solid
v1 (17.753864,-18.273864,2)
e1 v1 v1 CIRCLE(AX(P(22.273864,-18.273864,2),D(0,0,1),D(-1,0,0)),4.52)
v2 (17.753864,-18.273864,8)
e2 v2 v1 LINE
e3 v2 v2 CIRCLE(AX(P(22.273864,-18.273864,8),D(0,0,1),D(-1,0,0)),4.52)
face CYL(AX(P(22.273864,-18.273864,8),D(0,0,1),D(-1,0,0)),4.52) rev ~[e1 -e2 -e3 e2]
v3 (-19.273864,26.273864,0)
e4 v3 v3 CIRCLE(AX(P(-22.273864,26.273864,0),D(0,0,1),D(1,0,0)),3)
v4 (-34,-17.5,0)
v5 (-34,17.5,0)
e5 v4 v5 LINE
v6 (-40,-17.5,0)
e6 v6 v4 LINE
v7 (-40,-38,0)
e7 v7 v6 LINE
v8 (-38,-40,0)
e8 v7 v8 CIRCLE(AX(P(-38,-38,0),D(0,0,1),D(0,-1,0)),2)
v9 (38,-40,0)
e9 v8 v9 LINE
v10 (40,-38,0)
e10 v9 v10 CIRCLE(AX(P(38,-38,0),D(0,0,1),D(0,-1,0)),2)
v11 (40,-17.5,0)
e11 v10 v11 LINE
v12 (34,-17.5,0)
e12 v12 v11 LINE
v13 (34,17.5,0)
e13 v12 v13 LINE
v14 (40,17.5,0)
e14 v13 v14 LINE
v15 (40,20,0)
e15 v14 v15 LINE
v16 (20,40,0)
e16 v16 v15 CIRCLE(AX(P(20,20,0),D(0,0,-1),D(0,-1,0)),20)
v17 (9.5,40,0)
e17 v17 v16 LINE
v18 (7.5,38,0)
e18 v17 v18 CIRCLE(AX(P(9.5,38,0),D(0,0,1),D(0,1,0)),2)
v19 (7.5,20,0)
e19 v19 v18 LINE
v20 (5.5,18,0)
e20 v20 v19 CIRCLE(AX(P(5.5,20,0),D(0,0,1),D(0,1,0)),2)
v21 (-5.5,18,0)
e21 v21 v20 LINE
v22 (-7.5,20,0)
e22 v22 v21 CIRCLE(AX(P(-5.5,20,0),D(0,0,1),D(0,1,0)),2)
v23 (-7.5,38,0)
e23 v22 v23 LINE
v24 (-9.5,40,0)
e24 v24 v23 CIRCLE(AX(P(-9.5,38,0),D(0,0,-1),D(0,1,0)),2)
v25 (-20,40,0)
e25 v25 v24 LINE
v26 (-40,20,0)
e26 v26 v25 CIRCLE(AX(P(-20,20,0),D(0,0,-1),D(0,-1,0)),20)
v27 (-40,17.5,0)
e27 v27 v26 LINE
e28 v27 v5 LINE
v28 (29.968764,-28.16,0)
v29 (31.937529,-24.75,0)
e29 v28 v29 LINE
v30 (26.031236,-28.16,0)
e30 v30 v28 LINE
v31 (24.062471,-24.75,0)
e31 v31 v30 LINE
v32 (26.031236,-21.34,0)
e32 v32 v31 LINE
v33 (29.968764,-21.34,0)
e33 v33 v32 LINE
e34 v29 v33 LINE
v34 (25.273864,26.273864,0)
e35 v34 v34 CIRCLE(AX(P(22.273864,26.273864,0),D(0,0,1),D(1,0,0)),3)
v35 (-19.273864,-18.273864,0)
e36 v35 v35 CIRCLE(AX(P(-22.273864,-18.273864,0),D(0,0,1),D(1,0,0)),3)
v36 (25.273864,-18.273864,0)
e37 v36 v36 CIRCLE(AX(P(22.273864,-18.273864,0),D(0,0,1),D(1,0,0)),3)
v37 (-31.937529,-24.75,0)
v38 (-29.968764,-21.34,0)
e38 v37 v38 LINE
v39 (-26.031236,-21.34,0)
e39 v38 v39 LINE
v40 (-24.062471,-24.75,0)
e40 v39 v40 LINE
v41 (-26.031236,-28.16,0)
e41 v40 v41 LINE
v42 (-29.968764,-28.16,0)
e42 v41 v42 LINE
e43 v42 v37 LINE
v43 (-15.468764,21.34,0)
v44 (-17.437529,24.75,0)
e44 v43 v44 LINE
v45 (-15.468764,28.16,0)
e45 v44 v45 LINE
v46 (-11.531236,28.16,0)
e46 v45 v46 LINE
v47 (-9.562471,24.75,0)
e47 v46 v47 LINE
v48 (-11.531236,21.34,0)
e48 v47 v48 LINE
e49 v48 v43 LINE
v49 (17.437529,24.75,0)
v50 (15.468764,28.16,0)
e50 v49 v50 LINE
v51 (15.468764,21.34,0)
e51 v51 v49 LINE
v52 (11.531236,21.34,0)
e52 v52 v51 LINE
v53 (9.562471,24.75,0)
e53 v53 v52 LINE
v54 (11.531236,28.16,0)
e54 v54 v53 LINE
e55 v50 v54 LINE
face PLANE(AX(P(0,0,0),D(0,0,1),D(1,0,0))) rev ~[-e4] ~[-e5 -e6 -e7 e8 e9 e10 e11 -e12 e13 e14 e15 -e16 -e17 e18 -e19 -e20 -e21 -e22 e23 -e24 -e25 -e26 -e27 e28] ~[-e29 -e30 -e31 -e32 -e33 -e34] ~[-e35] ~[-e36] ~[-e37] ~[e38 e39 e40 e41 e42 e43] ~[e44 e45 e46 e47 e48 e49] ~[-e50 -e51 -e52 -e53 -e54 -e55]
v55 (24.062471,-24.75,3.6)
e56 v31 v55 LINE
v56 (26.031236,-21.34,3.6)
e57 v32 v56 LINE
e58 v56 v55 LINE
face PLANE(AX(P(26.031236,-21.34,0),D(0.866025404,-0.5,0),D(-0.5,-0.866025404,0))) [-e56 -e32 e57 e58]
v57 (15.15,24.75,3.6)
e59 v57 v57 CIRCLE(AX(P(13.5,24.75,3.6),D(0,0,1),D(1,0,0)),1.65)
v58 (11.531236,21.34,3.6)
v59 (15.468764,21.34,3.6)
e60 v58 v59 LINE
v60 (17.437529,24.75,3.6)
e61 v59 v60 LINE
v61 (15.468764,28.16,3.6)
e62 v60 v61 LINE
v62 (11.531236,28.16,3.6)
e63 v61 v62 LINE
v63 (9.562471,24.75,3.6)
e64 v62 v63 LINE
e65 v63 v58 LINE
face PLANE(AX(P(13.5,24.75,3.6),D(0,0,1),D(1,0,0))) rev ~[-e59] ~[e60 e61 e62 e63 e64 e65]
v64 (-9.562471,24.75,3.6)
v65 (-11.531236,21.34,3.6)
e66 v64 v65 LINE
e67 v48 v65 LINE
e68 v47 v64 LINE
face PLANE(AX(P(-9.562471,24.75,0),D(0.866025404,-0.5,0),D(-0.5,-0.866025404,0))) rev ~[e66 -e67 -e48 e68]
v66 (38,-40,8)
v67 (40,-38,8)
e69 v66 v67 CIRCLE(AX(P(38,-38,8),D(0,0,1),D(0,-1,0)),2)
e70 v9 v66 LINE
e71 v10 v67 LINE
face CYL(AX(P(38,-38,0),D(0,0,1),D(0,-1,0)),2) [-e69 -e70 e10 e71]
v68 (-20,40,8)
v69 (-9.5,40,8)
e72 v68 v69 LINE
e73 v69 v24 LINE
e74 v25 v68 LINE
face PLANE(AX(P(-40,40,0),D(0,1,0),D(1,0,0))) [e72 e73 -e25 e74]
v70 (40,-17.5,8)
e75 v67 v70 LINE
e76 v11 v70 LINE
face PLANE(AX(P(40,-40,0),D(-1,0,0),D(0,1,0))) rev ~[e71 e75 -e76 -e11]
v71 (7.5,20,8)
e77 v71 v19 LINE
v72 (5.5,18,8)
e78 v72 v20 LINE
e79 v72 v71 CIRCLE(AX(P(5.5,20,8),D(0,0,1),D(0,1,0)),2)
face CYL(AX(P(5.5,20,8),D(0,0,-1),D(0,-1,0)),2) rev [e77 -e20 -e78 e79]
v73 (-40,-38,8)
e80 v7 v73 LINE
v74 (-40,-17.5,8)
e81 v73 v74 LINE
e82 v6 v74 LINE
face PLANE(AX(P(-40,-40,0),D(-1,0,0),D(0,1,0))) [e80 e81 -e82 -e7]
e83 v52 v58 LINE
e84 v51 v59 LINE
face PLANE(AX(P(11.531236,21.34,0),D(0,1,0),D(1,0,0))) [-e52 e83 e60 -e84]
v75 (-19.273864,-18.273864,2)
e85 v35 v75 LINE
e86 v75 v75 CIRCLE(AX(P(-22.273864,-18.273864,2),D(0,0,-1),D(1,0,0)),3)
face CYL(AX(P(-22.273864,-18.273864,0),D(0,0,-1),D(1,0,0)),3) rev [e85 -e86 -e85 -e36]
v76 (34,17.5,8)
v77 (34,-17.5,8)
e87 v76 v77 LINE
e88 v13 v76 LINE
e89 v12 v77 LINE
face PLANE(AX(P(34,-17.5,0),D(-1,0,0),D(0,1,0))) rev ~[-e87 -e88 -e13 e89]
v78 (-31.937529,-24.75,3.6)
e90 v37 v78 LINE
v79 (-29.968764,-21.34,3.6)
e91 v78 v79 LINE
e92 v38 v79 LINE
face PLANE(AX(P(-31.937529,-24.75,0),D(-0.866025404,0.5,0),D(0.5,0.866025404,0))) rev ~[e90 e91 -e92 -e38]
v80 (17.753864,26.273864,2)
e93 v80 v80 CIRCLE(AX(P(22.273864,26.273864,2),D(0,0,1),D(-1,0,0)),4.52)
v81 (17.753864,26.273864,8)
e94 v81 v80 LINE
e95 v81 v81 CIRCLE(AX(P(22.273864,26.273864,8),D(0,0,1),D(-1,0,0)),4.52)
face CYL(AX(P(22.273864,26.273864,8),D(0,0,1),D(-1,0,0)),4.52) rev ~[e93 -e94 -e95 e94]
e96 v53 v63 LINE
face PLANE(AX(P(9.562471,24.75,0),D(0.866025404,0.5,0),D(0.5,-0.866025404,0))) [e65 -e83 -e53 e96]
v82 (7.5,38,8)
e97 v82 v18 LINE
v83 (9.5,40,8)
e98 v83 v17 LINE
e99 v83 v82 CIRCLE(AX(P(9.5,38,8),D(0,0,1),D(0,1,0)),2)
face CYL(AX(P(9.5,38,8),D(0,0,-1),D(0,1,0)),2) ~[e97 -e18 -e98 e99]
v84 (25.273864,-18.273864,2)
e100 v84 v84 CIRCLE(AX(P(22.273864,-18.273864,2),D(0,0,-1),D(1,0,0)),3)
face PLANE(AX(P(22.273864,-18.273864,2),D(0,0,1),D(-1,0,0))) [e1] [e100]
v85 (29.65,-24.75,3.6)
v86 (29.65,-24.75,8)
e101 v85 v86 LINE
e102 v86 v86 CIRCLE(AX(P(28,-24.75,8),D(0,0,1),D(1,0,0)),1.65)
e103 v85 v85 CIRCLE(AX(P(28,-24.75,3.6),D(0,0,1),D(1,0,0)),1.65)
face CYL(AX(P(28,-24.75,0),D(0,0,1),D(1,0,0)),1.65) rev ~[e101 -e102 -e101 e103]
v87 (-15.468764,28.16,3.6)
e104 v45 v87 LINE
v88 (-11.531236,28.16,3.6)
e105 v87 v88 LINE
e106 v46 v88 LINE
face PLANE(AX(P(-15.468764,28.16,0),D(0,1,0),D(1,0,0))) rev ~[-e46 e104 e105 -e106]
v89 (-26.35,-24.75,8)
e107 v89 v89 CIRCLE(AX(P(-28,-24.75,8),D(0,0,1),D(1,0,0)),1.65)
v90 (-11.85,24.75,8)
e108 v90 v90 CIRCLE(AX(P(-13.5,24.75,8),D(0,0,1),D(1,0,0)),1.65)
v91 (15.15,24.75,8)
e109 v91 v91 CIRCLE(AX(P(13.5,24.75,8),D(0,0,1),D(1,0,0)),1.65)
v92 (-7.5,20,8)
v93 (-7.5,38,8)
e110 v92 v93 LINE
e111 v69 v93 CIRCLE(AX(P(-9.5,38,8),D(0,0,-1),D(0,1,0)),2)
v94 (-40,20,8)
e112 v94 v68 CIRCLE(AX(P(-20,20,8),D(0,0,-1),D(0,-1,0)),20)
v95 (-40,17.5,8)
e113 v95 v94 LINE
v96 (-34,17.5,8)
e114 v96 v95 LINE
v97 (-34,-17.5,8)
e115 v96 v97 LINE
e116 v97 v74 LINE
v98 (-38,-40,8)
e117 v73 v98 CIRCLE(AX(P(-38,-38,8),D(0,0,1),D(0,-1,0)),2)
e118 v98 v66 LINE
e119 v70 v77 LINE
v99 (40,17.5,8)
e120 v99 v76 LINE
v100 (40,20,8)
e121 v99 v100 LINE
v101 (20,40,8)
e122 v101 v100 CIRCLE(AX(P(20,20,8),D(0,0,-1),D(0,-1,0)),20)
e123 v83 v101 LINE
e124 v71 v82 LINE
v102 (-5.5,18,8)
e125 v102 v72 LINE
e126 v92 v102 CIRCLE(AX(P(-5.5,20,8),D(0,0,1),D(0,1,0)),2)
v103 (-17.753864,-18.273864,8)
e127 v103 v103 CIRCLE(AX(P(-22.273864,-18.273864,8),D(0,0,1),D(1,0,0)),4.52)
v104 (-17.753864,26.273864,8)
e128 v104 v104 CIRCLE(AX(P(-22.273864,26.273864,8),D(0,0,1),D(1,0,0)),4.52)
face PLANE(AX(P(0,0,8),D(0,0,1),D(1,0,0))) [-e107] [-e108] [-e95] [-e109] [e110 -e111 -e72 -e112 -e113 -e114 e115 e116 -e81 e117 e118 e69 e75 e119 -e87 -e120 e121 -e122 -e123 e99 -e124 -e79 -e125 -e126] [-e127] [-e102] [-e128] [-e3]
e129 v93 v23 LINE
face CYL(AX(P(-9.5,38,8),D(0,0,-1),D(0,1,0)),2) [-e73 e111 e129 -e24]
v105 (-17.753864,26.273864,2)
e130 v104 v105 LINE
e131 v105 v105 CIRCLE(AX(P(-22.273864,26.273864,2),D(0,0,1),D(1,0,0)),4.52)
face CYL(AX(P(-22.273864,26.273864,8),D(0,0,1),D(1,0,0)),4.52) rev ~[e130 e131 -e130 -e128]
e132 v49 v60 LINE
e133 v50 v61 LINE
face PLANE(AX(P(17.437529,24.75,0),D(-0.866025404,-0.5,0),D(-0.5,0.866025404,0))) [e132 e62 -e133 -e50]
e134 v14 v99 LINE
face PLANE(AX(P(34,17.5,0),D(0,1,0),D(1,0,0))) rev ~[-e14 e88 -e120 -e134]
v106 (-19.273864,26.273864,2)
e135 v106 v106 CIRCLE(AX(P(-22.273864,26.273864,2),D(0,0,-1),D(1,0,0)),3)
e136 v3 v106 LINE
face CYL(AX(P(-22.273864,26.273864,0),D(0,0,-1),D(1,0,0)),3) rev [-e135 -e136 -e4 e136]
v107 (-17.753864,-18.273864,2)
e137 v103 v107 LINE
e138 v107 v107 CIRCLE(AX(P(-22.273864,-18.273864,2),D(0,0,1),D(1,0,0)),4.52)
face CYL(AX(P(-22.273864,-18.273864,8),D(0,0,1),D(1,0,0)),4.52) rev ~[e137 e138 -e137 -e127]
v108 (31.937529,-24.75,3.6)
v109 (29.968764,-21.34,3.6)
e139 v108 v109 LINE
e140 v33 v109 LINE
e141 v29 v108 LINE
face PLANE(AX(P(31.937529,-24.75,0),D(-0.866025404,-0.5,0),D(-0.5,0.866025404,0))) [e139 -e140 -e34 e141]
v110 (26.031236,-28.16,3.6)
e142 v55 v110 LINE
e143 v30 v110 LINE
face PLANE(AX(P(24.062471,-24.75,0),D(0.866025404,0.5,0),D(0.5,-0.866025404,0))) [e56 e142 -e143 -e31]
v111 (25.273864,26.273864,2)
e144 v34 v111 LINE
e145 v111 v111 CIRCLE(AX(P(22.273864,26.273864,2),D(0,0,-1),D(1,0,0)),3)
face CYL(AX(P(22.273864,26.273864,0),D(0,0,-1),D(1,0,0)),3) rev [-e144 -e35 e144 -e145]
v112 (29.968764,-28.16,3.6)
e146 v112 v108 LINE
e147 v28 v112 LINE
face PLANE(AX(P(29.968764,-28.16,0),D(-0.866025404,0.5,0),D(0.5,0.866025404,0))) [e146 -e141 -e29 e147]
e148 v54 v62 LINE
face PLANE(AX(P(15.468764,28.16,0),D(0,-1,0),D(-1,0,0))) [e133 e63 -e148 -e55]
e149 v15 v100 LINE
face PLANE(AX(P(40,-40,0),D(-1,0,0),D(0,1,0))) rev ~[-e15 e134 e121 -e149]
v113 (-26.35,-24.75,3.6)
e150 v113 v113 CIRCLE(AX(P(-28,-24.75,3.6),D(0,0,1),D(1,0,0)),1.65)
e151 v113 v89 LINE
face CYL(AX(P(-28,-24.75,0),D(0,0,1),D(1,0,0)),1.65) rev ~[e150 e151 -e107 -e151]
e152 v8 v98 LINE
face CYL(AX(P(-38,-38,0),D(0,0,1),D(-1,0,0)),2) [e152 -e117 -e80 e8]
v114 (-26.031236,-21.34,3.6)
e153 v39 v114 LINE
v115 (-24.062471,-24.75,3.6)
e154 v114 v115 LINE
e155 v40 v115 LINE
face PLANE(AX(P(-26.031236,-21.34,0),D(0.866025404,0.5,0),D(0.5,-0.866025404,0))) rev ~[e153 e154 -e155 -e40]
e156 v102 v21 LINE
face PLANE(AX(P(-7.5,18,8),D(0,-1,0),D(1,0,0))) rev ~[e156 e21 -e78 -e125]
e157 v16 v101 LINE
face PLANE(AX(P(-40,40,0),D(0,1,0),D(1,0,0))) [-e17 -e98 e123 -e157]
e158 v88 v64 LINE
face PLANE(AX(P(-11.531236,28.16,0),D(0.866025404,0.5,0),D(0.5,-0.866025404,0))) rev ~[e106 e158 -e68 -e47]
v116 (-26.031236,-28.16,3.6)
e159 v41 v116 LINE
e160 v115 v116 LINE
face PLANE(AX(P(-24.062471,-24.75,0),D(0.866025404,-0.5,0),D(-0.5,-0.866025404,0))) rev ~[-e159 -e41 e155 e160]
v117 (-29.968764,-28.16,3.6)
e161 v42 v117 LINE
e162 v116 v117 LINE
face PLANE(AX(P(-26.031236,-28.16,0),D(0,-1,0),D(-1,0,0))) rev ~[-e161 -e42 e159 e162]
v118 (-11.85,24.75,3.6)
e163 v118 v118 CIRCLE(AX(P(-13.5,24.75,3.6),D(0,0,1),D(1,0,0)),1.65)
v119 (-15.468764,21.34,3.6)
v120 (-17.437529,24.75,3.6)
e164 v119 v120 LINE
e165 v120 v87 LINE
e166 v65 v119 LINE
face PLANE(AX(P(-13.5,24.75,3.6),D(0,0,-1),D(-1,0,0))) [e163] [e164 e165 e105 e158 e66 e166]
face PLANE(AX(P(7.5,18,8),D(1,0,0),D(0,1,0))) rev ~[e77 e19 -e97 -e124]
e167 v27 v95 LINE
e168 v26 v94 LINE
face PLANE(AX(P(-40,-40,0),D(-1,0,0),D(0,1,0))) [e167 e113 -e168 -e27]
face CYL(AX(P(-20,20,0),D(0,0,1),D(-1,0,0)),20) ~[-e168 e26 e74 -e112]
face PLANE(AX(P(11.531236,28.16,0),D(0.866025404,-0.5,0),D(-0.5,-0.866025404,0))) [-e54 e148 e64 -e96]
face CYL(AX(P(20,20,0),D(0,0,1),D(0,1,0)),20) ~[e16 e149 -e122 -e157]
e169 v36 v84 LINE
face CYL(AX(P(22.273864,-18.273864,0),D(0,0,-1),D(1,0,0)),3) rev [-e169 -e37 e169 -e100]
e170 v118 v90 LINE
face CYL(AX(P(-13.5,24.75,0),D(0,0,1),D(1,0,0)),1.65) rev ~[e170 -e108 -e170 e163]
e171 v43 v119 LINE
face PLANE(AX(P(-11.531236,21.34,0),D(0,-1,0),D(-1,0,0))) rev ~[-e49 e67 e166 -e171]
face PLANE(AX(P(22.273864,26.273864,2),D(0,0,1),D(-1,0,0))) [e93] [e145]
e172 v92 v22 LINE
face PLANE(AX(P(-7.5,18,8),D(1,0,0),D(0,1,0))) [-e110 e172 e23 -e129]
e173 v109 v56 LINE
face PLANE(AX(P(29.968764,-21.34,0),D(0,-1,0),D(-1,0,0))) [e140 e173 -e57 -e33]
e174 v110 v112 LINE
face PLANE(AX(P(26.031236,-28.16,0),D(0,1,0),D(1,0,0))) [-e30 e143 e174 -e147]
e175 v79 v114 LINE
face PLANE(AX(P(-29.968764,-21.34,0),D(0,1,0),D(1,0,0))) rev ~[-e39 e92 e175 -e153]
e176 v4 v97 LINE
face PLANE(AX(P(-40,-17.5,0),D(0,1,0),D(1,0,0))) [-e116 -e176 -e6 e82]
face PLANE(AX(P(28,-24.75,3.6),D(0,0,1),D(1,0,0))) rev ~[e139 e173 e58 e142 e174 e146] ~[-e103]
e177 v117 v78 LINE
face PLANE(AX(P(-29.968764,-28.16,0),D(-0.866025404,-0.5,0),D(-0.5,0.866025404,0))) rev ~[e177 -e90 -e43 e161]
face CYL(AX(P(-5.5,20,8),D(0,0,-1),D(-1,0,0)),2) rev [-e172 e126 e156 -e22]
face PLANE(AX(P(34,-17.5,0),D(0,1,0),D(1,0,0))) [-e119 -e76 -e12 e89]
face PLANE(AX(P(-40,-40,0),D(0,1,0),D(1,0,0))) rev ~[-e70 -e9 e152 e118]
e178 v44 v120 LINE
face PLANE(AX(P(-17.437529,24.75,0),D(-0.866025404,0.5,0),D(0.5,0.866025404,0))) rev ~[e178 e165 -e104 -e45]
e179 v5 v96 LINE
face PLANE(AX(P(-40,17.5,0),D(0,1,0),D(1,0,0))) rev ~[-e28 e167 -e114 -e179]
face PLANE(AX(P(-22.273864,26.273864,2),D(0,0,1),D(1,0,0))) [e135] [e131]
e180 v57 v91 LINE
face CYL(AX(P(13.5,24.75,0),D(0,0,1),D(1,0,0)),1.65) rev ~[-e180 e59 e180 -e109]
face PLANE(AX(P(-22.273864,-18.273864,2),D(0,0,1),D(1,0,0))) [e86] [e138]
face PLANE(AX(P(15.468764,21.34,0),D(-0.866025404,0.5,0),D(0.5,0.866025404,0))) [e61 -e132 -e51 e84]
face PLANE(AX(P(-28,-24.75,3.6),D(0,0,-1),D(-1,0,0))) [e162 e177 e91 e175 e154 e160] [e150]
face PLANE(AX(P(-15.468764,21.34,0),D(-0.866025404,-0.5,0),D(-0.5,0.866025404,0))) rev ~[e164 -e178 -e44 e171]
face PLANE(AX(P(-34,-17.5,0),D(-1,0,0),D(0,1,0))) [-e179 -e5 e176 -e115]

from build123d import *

# Parameters (mm, degrees)
SKETCH_1_W                   = 80
SKETCH_1_H                   = 80
EXTRUDE_1_DEPTH              = 8
SKETCH_7_W                   = 15
SKETCH_7_H                   = 22
CUT_EXTRUDE_1_DEPTH          = 10
HOLE_WIZARD_M4_1_D           = 3.3
HOLE_WIZARD_M4_1_CSINK_D     = 4.05
HOLE_WIZARD_M4_1_CSINK_ANGLE = 90
FILLET_1_R                   = 20
FILLET_2_R                   = 2
SKETCH_9_W                   = 6
SKETCH_9_H                   = 35
CUT_EXTRUDE_2_DEPTH          = 11
SKETCH_11_R                  = 3
CUT_EXTRUDE_4_DEPTH          = 15
CUT_EXTRUDE_5_DEPTH          = 3.6
SKETCH_13_R                  = 4.52
CUT_EXTRUDE_6_DEPTH          = 6


with BuildPart() as part:
    # 草图1 → 凸台-拉伸1 (new body)
    with BuildSketch(Plane.XY):
        Rectangle(SKETCH_1_W, SKETCH_1_H)
    extrude(amount=EXTRUDE_1_DEPTH)

    # 草图7 → 切除-拉伸1 (cut)
    with BuildSketch(Plane.XY.offset(8)):
        with Locations((0, 29)):
            Rectangle(SKETCH_7_W, SKETCH_7_H)
    extrude(amount=-CUT_EXTRUDE_1_DEPTH, mode=Mode.SUBTRACT)

    # M4 螺纹孔1 (through all)
    with Locations(Plane(origin=(13.5, 24.75, 0), x_dir=(-1, 0, 0), z_dir=(0, 0, -1))):
        with Locations((0, 0), (27, 0), (41.5, -49.5), (-14.5, -49.5)):
            CounterSinkHole(HOLE_WIZARD_M4_1_D / 2, HOLE_WIZARD_M4_1_CSINK_D / 2, counter_sink_angle=HOLE_WIZARD_M4_1_CSINK_ANGLE)

    # 圆角1
    fillet_1_edges = [part.edges().sort_by_distance(p)[0] for p in [
        (-40, 40, 4),
        (40, 40, 4),
    ]]
    fillet(fillet_1_edges, radius=FILLET_1_R)

    # 圆角2
    fillet_2_edges = [part.edges().sort_by_distance(p)[0] for p in [
        (-7.5, 18, 4),
        (-7.5, 40, 4),
        (7.5, 40, 4),
        (7.5, 18, 4),
        (40, -40, 4),
        (-40, -40, 4),
    ]]
    fillet(fillet_2_edges, radius=FILLET_2_R)

    # 草图9 → 切除-拉伸2 (cut)
    with BuildSketch(Plane.XY):
        with Locations((37, 0)):
            Rectangle(SKETCH_9_W, SKETCH_9_H)
        with Locations((-37, 0)):
            Rectangle(SKETCH_9_W, SKETCH_9_H)
    extrude(amount=CUT_EXTRUDE_2_DEPTH, mode=Mode.SUBTRACT)

    # 草图11 → 切除-拉伸4 (cut)
    with BuildSketch(Plane.XY):
        with Locations((-22.273863607, 26.273863607)):
            Circle(SKETCH_11_R)
        with Locations((22.273863607, 26.273863607)):
            Circle(SKETCH_11_R)
        with Locations((22.273863607, -18.273863607)):
            Circle(SKETCH_11_R)
        with Locations((-22.273863607, -18.273863607)):
            Circle(SKETCH_11_R)
    extrude(amount=CUT_EXTRUDE_4_DEPTH, mode=Mode.SUBTRACT)

    # 草图12 → 切除-拉伸5 (cut)
    with BuildSketch(Plane.XY):
        Polygon((11.531235582, 21.34), (15.468764418, 21.34), (17.437528836, 24.75), (15.468764418, 28.16), (11.531235582, 28.16), (9.562471164, 24.75), align=None)
        Polygon((26.031235582, -28.16), (29.968764418, -28.16), (31.937528836, -24.75), (29.968764418, -21.34), (26.031235582, -21.34), (24.062471164, -24.75), align=None)
        Polygon((-24.062471164, -24.75), (-26.031235582, -28.16), (-29.968764418, -28.16), (-31.937528836, -24.75), (-29.968764418, -21.34), (-26.031235582, -21.34), align=None)
        Polygon((-9.562471164, 24.75), (-11.531235582, 21.34), (-15.468764418, 21.34), (-17.437528836, 24.75), (-15.468764418, 28.16), (-11.531235582, 28.16), align=None)
    extrude(amount=CUT_EXTRUDE_5_DEPTH, mode=Mode.SUBTRACT)

    # 草图13 → 切除-拉伸6 (cut)
    with BuildSketch(Plane.XY.offset(8)):
        with Locations((-22.273863607, 26.273863607)):
            Circle(SKETCH_13_R)
        with Locations((-22.273863607, -18.273863607)):
            Circle(SKETCH_13_R)
        with Locations(Location((22.273863607, -18.273863607, 0), (0, 0, 180))):
            Circle(SKETCH_13_R)
        with Locations(Location((22.273863607, 26.273863607, 0), (0, 0, 180))):
            Circle(SKETCH_13_R)
    extrude(amount=-CUT_EXTRUDE_6_DEPTH, mode=Mode.SUBTRACT)


solid = part.part
